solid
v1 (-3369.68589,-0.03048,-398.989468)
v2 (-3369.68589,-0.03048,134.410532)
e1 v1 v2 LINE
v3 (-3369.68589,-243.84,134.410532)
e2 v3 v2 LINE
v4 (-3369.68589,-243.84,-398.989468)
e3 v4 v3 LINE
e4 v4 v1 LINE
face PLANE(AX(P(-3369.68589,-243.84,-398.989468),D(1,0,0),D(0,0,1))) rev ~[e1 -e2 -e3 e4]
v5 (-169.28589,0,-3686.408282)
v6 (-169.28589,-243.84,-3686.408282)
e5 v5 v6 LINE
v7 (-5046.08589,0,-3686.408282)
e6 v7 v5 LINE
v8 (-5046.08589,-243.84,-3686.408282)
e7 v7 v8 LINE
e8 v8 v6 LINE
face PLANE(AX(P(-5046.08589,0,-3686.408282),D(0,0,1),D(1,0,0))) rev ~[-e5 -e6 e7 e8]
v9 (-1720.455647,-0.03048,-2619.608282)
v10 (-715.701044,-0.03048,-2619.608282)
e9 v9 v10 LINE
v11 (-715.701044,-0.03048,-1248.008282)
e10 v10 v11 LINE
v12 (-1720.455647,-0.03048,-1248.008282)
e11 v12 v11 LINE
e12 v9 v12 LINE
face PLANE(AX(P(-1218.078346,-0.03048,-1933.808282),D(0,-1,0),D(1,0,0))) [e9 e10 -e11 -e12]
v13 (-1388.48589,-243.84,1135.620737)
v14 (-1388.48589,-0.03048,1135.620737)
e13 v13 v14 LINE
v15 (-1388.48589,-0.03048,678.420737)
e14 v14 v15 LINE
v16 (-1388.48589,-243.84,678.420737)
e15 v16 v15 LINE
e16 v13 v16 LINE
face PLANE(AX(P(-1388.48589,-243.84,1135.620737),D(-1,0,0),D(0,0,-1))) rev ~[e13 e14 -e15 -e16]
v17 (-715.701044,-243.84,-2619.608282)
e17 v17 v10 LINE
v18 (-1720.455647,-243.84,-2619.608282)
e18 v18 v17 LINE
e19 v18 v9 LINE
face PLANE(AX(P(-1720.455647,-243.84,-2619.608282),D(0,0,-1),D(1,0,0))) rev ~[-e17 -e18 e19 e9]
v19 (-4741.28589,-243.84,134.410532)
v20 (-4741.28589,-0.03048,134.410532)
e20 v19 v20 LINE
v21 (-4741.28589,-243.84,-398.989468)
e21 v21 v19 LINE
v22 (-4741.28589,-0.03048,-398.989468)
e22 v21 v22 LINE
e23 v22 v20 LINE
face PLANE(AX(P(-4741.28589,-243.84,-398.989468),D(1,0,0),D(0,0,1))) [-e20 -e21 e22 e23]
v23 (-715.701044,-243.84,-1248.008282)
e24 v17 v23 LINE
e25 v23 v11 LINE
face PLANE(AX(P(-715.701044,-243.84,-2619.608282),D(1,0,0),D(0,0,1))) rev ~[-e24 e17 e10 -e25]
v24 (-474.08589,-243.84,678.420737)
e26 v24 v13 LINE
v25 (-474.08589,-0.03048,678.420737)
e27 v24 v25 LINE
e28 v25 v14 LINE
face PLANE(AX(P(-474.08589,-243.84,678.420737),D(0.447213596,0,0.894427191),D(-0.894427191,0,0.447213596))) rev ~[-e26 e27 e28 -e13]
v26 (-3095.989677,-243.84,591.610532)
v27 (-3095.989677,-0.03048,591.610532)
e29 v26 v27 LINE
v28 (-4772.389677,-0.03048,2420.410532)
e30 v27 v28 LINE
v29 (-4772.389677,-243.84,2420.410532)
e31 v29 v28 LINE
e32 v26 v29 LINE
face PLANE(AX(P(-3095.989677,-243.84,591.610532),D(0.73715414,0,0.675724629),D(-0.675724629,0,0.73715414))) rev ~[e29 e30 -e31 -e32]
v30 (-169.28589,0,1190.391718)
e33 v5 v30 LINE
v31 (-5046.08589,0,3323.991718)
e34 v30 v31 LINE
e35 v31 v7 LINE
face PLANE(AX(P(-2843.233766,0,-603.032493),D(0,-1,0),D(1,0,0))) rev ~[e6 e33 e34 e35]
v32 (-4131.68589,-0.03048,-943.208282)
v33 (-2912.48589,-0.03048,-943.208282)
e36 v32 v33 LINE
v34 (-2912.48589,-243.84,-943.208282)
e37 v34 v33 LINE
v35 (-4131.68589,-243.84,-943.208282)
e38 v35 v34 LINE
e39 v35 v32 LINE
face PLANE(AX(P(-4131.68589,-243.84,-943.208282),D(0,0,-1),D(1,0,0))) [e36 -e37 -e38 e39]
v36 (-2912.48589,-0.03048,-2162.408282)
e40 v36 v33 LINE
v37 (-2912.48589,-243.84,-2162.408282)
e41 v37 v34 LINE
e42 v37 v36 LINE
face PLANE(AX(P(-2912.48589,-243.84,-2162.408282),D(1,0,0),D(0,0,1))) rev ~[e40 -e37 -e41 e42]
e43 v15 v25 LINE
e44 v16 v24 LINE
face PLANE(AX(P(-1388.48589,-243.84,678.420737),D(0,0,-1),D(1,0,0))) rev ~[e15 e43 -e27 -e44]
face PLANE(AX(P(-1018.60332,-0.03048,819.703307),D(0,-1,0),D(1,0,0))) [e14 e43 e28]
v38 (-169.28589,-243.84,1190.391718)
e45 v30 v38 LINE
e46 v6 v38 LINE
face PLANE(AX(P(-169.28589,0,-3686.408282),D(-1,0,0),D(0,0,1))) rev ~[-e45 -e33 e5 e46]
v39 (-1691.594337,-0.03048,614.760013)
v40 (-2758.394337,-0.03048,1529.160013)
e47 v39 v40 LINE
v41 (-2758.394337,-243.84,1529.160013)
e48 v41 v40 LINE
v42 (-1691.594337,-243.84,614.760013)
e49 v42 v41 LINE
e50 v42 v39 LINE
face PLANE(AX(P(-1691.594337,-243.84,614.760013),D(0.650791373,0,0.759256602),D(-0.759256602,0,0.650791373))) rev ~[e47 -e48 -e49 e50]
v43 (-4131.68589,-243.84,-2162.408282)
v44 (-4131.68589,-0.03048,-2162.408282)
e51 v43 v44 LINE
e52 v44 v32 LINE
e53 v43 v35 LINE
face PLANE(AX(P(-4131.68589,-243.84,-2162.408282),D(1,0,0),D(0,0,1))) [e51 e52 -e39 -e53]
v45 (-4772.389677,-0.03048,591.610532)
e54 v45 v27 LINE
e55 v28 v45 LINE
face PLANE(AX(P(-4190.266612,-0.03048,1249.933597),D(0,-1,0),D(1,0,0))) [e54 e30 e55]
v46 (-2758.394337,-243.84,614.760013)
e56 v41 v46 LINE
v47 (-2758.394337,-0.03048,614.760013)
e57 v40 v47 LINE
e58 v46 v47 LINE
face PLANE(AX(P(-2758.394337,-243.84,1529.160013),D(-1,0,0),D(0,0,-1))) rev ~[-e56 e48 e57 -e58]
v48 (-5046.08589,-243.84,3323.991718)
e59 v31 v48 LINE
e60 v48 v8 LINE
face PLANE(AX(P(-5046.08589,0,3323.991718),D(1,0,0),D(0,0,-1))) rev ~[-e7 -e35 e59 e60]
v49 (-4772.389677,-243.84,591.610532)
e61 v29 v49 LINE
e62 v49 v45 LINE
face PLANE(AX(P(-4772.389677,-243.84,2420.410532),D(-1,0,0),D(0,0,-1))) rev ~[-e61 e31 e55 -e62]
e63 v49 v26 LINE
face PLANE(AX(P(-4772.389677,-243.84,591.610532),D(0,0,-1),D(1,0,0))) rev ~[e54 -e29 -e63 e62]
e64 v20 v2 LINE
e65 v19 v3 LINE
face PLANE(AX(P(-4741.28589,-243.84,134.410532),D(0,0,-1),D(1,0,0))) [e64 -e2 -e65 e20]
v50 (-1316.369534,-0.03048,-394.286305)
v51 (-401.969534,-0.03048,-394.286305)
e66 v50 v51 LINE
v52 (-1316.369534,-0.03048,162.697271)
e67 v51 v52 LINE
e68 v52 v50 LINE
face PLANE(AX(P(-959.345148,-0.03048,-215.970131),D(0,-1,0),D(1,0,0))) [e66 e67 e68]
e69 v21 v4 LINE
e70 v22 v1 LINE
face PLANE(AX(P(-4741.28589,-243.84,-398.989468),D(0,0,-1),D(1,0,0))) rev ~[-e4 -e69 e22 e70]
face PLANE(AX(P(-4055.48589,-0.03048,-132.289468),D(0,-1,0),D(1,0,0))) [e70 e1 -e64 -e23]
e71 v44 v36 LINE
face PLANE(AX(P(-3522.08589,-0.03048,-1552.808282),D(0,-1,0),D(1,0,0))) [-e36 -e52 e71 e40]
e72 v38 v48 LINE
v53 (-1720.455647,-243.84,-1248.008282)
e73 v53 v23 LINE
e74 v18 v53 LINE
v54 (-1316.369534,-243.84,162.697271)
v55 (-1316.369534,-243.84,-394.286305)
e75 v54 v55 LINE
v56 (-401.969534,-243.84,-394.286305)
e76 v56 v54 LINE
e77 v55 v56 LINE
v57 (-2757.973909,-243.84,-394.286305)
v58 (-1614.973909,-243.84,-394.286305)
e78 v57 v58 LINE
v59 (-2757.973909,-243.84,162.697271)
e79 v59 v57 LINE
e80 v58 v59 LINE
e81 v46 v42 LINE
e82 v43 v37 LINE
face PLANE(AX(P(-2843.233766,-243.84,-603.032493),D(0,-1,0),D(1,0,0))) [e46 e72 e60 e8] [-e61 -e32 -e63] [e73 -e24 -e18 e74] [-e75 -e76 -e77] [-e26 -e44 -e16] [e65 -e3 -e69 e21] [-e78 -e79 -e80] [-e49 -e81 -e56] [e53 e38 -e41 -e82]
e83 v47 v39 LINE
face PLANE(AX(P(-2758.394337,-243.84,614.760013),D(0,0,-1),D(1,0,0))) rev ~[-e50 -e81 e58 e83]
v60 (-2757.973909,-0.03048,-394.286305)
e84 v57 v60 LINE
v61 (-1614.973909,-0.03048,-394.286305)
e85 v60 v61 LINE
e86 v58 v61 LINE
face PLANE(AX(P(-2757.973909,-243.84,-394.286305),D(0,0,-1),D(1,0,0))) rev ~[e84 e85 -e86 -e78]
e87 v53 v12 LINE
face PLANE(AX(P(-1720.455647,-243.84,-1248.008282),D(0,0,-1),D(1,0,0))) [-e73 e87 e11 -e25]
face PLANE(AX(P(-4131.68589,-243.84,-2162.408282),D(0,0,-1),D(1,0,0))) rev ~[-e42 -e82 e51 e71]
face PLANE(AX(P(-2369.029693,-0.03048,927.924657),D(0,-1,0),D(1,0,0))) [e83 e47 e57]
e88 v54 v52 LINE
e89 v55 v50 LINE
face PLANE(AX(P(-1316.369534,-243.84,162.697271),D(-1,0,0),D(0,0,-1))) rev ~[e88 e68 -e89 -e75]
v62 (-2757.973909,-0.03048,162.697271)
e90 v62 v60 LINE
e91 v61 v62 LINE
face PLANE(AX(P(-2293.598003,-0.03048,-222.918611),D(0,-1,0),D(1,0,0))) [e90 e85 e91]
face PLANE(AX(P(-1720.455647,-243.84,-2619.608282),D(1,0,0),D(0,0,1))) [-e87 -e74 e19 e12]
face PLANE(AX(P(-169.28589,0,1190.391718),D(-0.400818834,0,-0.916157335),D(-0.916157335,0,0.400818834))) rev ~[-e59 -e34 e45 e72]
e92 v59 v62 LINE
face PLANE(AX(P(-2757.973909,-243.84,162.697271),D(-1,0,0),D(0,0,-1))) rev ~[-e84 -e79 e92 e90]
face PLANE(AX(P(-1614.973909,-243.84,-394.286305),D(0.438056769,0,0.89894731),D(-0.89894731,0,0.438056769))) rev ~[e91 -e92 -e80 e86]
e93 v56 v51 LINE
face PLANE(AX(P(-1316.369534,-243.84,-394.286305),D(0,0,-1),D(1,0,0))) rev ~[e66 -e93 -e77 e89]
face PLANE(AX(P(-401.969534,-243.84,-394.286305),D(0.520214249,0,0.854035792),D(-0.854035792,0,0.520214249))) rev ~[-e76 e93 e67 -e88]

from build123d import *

# Parameters (mm, degrees)
F1_DEPTH = 243.84
F2_W     = 1371.6
F2_H     = 533.4
F2_W_2   = 1219.2
F2_H_2   = 1219.2
F2_W_3   = 1004.754603
F2_H_3   = 1371.6
F3_DEPTH = 243.80952


with BuildPart() as f1:
    # F0 (on Front) → F1 (new body)
    with BuildSketch(Plane.XZ):
        Polygon((-169.28589, 1190.391718), (-5046.08589, 3323.991718), (-5046.08589, -3686.408282), (-169.28589, -3686.408282), align=None)
    extrude(amount=F1_DEPTH)

    # F2 (on face) → F3 (cut)
    with BuildSketch(Plane.XZ.offset(243.84)):
        Polygon((-3095.989677, 591.610532), (-4772.389677, 2420.410532), (-4772.389677, 591.610532), align=None)
        Polygon((-1691.594337, 614.760013), (-2758.394337, 1529.160013), (-2758.394337, 614.760013), align=None)
        Polygon((-474.08589, 678.420737), (-1388.48589, 1135.620737), (-1388.48589, 678.420737), align=None)
        with Locations((-4055.48589, -132.289468)):
            Rectangle(F2_W, F2_H)
        Polygon((-1614.973909, -394.286305), (-2757.973909, 162.697271), (-2757.973909, -394.286305), align=None)
        Polygon((-401.969534, -394.286305), (-1316.369534, 162.697271), (-1316.369534, -394.286305), align=None)
        with Locations((-3522.08589, -1552.808282)):
            Rectangle(F2_W_2, F2_H_2)
        with Locations((-1218.078346, -1933.808282)):
            Rectangle(F2_W_3, F2_H_3)
    extrude(amount=-F3_DEPTH, mode=Mode.SUBTRACT)


solid = f1.part
